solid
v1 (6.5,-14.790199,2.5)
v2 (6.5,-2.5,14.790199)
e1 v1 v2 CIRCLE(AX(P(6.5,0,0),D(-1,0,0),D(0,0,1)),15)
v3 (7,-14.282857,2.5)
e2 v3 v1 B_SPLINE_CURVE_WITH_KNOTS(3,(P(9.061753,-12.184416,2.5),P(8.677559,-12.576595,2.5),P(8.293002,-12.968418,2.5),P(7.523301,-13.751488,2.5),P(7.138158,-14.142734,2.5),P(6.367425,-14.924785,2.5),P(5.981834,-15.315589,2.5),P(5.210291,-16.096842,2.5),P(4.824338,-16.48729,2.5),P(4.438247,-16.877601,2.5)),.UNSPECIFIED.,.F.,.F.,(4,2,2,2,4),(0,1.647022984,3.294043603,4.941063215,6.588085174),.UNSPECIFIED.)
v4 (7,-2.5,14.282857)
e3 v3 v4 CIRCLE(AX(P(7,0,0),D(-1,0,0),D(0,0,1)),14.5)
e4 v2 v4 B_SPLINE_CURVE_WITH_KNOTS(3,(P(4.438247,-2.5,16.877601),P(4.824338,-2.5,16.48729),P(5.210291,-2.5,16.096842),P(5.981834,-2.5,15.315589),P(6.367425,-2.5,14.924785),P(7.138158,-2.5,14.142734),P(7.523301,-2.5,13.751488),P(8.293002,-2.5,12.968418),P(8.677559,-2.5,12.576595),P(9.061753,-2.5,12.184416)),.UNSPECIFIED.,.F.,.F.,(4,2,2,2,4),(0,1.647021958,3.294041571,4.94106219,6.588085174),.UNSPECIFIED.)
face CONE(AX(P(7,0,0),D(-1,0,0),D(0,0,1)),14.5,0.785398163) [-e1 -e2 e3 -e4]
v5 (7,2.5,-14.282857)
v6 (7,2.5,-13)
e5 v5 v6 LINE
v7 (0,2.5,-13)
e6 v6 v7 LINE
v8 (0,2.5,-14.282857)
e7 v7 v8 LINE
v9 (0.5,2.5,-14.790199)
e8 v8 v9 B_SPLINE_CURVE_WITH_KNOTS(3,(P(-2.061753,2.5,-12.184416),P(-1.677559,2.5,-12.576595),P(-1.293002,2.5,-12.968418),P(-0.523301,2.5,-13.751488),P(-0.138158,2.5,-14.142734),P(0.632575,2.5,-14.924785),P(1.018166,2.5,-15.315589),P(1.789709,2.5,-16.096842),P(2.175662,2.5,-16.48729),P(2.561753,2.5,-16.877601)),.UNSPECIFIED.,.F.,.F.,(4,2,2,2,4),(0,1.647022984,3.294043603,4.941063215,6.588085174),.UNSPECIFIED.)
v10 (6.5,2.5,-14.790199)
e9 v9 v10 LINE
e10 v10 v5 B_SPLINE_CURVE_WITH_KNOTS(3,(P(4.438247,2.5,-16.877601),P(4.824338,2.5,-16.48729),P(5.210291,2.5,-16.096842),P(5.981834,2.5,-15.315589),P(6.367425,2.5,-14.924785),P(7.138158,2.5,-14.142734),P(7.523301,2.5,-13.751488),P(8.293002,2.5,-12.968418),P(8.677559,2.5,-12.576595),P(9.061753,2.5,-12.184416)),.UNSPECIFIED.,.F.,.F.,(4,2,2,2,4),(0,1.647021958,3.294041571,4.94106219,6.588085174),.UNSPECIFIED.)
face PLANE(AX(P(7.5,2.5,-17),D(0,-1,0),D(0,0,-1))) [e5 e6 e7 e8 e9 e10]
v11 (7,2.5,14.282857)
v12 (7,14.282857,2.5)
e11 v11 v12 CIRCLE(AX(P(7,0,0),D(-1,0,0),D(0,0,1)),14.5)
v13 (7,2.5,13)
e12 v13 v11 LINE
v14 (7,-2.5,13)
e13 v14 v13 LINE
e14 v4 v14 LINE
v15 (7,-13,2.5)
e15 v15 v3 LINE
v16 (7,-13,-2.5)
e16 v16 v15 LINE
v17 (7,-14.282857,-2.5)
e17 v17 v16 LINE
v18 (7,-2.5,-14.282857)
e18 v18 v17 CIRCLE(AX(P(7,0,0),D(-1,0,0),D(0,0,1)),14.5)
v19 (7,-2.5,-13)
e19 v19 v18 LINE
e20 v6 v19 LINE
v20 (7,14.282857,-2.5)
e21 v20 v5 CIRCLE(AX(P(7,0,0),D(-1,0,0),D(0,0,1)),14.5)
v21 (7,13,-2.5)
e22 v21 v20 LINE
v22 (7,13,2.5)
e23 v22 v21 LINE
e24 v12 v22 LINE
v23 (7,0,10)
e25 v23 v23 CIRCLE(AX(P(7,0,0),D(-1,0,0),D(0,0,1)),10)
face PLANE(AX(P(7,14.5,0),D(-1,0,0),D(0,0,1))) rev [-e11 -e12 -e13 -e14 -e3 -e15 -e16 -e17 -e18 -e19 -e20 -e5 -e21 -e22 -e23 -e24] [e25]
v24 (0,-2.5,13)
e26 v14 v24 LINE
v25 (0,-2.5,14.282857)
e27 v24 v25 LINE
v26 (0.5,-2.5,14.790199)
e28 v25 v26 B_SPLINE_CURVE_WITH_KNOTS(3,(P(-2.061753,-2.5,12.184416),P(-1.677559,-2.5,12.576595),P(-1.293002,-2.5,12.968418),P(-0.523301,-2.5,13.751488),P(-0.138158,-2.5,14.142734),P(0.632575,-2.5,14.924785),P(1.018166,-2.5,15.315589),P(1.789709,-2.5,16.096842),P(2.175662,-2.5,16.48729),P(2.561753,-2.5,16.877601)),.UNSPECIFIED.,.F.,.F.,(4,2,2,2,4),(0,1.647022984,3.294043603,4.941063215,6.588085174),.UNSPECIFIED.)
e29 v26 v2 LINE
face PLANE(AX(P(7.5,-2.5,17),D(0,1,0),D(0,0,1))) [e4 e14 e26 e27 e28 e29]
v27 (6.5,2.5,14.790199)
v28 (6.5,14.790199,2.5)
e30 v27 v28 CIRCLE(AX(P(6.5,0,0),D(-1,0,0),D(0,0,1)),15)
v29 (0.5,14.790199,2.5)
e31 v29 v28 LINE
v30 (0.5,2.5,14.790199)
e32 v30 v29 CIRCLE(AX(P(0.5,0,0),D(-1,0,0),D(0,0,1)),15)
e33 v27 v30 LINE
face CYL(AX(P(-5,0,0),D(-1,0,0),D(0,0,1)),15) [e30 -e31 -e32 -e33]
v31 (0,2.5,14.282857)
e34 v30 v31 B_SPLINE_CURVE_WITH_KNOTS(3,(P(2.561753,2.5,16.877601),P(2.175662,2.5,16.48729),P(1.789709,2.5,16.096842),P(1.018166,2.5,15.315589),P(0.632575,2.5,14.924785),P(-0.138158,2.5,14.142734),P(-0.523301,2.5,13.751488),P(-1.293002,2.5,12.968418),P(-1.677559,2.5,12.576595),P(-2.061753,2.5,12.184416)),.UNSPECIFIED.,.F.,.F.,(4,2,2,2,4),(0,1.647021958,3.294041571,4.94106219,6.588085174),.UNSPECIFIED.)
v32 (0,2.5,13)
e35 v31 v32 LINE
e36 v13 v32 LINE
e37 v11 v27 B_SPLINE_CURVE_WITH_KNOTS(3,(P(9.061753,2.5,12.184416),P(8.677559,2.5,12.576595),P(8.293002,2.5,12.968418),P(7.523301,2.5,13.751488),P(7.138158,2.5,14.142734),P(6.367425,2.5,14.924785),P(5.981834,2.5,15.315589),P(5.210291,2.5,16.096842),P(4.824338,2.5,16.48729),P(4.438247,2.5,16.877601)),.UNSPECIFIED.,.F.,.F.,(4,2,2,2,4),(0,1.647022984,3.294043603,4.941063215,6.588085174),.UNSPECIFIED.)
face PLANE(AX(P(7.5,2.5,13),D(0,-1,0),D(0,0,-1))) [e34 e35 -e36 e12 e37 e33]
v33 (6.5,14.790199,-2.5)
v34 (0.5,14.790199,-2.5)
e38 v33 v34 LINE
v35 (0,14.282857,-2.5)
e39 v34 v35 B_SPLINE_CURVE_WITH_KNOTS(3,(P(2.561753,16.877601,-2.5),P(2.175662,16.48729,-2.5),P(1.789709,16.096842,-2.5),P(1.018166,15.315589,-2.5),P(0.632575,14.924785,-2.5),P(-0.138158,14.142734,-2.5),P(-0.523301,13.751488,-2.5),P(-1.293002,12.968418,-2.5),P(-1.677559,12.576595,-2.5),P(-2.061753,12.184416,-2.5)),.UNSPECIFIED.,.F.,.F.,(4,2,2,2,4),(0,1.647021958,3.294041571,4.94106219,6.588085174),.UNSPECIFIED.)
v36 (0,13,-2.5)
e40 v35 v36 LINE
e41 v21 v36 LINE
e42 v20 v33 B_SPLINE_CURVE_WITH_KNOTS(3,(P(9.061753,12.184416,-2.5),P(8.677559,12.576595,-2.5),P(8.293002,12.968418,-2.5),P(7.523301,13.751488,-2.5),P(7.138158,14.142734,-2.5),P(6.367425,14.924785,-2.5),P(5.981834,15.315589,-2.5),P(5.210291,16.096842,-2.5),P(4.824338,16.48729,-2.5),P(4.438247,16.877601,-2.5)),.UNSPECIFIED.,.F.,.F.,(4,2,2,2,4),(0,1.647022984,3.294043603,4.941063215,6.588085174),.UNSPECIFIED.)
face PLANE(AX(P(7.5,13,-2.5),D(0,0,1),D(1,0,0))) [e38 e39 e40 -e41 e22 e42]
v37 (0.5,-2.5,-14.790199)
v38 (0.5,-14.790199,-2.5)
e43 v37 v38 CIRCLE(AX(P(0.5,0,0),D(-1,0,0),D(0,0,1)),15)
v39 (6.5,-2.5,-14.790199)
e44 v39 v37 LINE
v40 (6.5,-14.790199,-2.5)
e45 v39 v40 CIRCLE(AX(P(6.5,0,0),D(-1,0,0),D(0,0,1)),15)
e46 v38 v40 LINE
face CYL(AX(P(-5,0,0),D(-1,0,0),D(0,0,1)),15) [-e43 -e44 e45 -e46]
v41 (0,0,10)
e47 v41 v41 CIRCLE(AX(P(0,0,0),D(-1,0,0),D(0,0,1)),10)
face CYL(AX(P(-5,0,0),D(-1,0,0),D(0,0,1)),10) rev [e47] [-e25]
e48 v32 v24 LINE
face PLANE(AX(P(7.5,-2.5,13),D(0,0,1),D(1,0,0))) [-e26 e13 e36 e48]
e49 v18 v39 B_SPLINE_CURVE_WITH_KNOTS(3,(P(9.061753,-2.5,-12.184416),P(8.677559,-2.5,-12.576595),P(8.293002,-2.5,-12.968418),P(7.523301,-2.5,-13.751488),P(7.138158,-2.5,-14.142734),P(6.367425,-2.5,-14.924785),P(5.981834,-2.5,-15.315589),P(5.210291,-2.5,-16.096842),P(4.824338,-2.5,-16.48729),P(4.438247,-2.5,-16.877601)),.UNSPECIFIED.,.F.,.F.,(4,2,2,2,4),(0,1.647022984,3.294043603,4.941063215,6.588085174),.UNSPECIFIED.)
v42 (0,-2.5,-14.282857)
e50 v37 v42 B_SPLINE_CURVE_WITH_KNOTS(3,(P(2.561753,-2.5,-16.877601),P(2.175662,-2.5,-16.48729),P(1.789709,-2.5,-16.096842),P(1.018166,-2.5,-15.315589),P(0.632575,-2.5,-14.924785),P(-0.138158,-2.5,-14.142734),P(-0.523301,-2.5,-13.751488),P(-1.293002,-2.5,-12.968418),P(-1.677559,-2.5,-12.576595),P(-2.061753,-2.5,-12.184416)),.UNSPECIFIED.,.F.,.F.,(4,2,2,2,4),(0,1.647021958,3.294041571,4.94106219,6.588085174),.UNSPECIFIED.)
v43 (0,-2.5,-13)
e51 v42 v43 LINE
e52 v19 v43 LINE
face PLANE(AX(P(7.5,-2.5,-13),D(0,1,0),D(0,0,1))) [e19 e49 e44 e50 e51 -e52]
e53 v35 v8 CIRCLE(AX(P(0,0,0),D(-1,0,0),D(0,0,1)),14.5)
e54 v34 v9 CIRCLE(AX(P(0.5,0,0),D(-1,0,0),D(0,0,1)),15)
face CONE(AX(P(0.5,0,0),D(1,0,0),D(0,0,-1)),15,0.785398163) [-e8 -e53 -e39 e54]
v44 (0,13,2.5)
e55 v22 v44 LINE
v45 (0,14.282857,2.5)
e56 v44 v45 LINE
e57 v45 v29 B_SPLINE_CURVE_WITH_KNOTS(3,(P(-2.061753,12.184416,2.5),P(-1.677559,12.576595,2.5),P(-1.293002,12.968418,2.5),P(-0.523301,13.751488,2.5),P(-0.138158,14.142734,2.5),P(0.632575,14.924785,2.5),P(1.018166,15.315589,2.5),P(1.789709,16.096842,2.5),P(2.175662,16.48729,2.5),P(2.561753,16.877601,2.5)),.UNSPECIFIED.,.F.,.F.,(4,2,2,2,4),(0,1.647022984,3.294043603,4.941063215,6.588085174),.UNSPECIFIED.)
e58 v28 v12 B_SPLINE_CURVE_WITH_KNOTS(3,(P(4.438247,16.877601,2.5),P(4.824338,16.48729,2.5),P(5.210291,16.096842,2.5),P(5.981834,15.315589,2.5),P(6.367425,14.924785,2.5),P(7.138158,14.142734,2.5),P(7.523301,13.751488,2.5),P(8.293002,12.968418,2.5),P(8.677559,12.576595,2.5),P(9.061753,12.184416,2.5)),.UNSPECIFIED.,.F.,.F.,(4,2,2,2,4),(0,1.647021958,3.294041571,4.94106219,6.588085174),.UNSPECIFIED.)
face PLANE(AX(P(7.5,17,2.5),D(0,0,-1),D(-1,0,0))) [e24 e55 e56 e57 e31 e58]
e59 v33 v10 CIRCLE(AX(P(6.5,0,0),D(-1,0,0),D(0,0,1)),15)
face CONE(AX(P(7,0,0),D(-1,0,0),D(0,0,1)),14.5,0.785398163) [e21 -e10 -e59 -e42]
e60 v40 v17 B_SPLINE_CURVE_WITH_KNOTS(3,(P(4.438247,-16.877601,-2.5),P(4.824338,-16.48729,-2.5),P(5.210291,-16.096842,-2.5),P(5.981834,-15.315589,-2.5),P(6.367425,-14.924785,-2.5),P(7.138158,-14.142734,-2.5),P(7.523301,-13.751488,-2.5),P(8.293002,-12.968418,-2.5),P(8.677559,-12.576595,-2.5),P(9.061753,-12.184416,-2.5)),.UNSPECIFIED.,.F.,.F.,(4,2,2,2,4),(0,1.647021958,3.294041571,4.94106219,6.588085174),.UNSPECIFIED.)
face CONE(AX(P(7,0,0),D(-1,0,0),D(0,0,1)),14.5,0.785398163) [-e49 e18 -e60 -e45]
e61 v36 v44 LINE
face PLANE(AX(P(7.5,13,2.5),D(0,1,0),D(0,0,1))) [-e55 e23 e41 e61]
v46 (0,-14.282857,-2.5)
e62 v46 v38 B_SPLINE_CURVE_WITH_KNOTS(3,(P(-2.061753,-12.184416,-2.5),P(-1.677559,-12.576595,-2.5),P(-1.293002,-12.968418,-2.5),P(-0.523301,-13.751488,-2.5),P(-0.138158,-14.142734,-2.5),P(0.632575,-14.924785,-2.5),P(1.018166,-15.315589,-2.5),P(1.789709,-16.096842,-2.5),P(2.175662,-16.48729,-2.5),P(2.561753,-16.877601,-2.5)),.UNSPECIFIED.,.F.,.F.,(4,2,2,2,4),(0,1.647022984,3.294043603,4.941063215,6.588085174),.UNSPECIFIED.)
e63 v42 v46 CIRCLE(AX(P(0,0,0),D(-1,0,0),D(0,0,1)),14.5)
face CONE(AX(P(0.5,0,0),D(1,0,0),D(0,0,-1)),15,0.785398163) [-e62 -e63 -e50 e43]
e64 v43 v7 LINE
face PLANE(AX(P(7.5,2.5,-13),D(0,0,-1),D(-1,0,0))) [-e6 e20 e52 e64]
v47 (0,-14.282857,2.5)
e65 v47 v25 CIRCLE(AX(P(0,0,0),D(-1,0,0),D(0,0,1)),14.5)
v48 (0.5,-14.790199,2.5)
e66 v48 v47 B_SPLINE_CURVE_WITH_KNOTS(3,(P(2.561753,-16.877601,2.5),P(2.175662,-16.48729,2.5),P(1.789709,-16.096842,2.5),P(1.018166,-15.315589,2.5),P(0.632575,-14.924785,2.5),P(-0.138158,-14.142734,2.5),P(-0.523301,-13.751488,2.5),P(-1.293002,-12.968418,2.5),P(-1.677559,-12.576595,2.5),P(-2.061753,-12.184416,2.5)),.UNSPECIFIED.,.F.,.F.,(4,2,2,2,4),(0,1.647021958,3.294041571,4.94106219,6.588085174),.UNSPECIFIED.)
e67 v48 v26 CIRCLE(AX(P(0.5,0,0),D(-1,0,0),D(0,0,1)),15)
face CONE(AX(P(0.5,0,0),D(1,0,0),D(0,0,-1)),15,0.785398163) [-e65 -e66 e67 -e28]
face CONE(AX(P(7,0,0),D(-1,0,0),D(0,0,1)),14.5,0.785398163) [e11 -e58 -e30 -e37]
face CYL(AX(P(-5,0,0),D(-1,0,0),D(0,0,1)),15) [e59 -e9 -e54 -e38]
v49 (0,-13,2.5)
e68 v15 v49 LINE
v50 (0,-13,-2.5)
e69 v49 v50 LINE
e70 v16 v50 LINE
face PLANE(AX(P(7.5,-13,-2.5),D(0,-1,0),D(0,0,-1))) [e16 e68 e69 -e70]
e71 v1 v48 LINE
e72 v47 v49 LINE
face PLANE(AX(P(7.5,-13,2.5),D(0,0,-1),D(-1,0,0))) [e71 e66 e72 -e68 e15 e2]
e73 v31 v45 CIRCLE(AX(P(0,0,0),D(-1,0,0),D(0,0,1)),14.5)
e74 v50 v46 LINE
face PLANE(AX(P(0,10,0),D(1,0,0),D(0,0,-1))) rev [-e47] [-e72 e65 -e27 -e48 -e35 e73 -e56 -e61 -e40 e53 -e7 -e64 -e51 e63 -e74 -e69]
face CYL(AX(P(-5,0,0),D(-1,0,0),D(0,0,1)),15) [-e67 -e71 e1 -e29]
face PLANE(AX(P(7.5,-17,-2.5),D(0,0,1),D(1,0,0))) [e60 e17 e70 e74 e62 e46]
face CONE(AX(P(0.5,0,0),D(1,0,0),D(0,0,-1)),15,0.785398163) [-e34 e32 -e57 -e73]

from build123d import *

# Parameters (mm, degrees)
SKETCH_2_W       = 4
SKETCH_2_H       = 5
SKETCH_2_W_2     = 5
SKETCH_2_H_2     = 4
F_02_SLOTS_DEPTH = 8


with BuildPart() as part:
    # 草图1 → 01_RING (revolve)
    with BuildSketch(Plane.XY, mode=Mode.PRIVATE) as f_01_ring_sk:
        Polygon((0, 10), (0, 14.5), (0.5, 15), (6.5, 15), (7, 14.5), (7, 10), align=None)
    revolve(f_01_ring_sk.sketch.rotate(Axis((-5, 0, 0), (1, 0, 0)), 90), axis=Axis((-5, 0, 0), (1, 0, 0)))

    # 草图2 → 02_SLOTS (cut)
    with BuildSketch(Plane(origin=(-0.5, 0, 0), x_dir=(0, 0, -1), z_dir=(1, 0, 0))):
        with Locations((15, 0)):
            Rectangle(SKETCH_2_W, SKETCH_2_H)
        with Locations((-15, 0)):
            Rectangle(SKETCH_2_W, SKETCH_2_H)
        with Locations((0, 15)):
            Rectangle(SKETCH_2_W_2, SKETCH_2_H_2)
        with Locations((0, -15)):
            Rectangle(SKETCH_2_W_2, SKETCH_2_H_2)
    extrude(amount=F_02_SLOTS_DEPTH, mode=Mode.SUBTRACT)


solid = part.part
